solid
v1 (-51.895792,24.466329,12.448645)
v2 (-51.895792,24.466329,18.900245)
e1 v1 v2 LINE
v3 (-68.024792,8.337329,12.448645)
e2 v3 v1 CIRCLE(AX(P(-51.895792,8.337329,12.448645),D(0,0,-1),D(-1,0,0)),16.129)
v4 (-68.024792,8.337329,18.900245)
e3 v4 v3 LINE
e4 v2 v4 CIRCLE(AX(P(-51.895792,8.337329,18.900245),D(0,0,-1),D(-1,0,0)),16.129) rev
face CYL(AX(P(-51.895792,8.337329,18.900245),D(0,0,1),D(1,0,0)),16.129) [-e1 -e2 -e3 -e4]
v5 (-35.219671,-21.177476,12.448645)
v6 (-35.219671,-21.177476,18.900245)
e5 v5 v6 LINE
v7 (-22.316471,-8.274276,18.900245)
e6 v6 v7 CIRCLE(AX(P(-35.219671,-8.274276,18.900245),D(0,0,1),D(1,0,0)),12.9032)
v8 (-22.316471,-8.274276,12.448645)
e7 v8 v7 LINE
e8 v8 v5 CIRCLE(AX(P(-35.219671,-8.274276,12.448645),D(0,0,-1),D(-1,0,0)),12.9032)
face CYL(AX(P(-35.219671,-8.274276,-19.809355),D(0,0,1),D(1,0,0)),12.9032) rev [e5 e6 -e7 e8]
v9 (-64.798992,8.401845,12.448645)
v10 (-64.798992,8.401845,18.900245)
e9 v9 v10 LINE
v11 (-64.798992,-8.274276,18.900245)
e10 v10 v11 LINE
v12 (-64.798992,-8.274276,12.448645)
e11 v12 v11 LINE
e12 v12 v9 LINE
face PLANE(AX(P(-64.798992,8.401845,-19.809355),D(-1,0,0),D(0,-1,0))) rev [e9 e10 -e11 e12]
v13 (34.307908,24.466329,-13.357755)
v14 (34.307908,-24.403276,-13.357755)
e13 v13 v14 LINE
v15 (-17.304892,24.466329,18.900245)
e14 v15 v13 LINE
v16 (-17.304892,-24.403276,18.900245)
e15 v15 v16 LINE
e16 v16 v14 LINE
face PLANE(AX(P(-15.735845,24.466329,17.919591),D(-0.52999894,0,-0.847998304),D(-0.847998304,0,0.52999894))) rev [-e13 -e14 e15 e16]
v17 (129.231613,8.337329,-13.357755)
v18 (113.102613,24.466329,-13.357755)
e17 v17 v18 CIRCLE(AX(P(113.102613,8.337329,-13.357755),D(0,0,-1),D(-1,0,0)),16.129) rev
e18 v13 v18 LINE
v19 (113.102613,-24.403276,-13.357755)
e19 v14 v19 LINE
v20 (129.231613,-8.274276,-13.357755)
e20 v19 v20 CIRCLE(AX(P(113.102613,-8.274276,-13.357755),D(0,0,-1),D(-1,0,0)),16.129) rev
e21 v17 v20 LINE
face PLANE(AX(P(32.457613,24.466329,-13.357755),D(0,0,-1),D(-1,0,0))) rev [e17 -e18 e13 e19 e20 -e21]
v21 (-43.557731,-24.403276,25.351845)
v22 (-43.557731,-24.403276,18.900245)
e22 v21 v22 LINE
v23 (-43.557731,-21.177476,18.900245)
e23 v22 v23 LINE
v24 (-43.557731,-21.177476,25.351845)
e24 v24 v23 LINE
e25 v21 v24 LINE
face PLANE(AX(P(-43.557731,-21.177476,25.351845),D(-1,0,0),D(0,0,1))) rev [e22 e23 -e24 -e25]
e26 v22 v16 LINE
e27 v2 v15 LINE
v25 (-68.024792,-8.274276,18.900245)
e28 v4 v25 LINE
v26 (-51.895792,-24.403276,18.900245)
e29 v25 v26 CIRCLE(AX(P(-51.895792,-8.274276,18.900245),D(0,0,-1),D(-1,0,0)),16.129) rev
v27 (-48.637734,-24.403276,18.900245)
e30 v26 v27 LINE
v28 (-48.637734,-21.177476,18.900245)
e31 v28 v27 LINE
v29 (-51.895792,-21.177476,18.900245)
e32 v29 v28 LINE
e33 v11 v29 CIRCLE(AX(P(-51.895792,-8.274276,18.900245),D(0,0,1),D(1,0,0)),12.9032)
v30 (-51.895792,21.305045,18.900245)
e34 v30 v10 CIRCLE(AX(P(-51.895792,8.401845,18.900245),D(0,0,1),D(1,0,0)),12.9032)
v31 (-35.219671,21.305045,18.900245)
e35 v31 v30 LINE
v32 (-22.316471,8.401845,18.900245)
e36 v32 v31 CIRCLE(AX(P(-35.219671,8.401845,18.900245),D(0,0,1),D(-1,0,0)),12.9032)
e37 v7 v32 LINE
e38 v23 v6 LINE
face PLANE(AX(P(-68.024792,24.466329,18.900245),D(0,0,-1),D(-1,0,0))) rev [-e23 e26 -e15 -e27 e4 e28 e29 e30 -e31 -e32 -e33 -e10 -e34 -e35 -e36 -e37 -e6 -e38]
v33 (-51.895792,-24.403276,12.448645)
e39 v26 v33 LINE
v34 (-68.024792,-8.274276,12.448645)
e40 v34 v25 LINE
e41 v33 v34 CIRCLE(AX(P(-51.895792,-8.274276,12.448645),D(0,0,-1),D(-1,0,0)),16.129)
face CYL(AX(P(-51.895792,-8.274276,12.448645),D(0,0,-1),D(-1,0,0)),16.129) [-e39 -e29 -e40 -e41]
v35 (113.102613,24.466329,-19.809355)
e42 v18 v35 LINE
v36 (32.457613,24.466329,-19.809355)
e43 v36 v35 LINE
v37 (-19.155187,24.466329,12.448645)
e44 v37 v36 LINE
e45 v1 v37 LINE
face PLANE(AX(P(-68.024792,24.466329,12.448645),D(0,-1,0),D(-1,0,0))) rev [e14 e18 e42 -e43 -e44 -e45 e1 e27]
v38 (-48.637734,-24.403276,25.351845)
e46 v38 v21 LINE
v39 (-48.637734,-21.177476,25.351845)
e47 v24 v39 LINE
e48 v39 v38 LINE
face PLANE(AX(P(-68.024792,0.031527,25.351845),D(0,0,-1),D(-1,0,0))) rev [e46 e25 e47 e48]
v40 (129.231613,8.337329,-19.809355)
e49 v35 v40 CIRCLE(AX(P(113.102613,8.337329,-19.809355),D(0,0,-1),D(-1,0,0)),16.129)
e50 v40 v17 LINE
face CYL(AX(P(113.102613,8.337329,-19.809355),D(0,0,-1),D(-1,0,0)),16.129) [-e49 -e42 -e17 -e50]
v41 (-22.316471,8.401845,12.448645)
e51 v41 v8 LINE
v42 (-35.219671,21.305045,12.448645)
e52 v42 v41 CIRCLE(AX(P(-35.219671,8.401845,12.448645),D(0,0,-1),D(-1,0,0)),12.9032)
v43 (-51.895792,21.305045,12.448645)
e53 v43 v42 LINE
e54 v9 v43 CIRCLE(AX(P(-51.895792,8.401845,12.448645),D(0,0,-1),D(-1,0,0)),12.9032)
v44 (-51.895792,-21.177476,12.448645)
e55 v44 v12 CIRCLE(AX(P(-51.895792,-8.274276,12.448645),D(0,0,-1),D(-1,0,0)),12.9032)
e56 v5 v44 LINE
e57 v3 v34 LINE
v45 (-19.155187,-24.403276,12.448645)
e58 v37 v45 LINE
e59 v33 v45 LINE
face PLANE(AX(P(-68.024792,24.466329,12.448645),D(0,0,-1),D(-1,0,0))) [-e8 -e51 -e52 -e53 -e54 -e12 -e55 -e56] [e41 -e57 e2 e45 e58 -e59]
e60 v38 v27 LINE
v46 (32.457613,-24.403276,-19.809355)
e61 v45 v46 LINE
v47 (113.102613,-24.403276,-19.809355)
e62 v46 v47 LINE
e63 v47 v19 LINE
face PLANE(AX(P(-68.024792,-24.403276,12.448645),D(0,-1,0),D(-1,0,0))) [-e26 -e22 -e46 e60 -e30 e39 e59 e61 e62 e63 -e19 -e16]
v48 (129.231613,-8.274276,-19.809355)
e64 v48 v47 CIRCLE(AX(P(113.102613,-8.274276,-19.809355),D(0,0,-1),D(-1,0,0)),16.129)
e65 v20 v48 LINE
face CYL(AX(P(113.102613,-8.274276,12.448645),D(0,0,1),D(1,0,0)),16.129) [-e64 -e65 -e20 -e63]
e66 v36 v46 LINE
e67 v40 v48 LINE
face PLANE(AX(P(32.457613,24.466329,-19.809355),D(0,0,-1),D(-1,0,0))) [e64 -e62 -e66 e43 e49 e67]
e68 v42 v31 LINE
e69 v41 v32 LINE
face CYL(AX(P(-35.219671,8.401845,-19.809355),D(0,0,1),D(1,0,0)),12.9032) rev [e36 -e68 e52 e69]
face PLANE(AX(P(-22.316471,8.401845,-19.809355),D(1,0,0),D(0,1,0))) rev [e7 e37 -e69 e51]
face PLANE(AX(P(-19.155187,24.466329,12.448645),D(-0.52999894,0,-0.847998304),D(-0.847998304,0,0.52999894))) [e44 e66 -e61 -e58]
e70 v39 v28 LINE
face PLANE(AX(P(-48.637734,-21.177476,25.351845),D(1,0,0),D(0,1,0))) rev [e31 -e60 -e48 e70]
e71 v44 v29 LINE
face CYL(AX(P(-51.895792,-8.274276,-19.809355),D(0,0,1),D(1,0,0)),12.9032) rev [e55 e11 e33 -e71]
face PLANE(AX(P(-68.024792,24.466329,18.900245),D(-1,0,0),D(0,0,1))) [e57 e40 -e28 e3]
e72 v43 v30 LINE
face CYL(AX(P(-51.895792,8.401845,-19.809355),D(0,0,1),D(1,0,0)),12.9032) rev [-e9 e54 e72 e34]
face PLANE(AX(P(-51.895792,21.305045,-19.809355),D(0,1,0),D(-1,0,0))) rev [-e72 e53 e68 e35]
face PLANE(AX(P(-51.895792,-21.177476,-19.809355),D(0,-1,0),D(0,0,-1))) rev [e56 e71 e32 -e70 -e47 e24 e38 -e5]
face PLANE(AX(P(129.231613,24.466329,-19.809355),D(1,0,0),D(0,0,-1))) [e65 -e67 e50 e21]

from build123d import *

# Parameters (mm, degrees)
EXTRUDE_THIN1_DEPTH = 9.62000108
CUT_EXTRUDE1_DEPTH  = 80.723760299
FILLET1_R           = 6.35
SKETCH4_W           = 2.00000108
SKETCH4_H           = 1.27
BOSS_EXTRUDE1_DEPTH = 2.54
SCALE1_SCALE        = 2.54


with BuildPart() as part:
    # Sketch2 → Extrude-Thin1 (new, symmetric)
    with BuildSketch(Plane(origin=(0, 0, 0), x_dir=(1, 0, 0), z_dir=(0, 1, 0))):
        Polygon((0, 0), (19.24000216, 0), (39.56000216, 12.7), (77.66000216, 12.7), (77.66000216, 10.16), (40.288464575, 10.16), (19.968464575, -2.54), (0, -2.54), align=None)
    extrude(amount=EXTRUDE_THIN1_DEPTH, both=True)

    # Sketch3 → Cut-Extrude1 (cut, through all)
    with BuildSketch(Plane.XY.offset(2.54)):
        with BuildLine():
            Line((6.35, 8.37540108), (12.91540216, 8.37540108))
            ThreePointArc((12.91540216, 8.37540108), (16.507504608, 6.887503528), (17.99540216, 3.29540108))
            Line((17.99540216, 3.29540108), (17.99540216, -3.27000108))
            ThreePointArc((17.99540216, -3.27000108), (16.507504608, -6.862103528), (12.91540216, -8.35000108))
            Line((12.91540216, -8.35000108), (6.35, -8.35000108))
            ThreePointArc((6.35, -8.35000108), (2.757897552, -6.862103528), (1.27, -3.27000108))
            Line((1.27, -3.27000108), (1.27, 3.29540108))
            ThreePointArc((1.27, 3.29540108), (2.757897552, 6.887503528), (6.35, 8.37540108))
        make_face()
    extrude(amount=-CUT_EXTRUDE1_DEPTH, mode=Mode.SUBTRACT)

    # Fillet1
    fillet1_edges = [part.edges().sort_by_distance(p)[0] for p in [
        (0, 9.62000108, 1.27),
        (0, -9.62000108, 1.27),
        (77.66000216, 9.62000108, -11.43),
        (77.66000216, -9.62000108, -11.43),
    ]]
    fillet(fillet1_edges, radius=FILLET1_R)

    # Sketch4 → Boss-Extrude1 (add)
    with BuildSketch(Plane.XY.offset(2.54)):
        with Locations((8.63270054, -8.98500108)):
            Rectangle(SKETCH4_W, SKETCH4_H)
    extrude(amount=BOSS_EXTRUDE1_DEPTH)


with BuildPart() as part_1:
    # Scale1: scaled about (44.171942925, -0.020471779, -8.083535651)
    add(part.part.scale(SCALE1_SCALE).moved(Location((-68.024792105, 0.03152654, 12.448644903))))


solid = part_1.part
